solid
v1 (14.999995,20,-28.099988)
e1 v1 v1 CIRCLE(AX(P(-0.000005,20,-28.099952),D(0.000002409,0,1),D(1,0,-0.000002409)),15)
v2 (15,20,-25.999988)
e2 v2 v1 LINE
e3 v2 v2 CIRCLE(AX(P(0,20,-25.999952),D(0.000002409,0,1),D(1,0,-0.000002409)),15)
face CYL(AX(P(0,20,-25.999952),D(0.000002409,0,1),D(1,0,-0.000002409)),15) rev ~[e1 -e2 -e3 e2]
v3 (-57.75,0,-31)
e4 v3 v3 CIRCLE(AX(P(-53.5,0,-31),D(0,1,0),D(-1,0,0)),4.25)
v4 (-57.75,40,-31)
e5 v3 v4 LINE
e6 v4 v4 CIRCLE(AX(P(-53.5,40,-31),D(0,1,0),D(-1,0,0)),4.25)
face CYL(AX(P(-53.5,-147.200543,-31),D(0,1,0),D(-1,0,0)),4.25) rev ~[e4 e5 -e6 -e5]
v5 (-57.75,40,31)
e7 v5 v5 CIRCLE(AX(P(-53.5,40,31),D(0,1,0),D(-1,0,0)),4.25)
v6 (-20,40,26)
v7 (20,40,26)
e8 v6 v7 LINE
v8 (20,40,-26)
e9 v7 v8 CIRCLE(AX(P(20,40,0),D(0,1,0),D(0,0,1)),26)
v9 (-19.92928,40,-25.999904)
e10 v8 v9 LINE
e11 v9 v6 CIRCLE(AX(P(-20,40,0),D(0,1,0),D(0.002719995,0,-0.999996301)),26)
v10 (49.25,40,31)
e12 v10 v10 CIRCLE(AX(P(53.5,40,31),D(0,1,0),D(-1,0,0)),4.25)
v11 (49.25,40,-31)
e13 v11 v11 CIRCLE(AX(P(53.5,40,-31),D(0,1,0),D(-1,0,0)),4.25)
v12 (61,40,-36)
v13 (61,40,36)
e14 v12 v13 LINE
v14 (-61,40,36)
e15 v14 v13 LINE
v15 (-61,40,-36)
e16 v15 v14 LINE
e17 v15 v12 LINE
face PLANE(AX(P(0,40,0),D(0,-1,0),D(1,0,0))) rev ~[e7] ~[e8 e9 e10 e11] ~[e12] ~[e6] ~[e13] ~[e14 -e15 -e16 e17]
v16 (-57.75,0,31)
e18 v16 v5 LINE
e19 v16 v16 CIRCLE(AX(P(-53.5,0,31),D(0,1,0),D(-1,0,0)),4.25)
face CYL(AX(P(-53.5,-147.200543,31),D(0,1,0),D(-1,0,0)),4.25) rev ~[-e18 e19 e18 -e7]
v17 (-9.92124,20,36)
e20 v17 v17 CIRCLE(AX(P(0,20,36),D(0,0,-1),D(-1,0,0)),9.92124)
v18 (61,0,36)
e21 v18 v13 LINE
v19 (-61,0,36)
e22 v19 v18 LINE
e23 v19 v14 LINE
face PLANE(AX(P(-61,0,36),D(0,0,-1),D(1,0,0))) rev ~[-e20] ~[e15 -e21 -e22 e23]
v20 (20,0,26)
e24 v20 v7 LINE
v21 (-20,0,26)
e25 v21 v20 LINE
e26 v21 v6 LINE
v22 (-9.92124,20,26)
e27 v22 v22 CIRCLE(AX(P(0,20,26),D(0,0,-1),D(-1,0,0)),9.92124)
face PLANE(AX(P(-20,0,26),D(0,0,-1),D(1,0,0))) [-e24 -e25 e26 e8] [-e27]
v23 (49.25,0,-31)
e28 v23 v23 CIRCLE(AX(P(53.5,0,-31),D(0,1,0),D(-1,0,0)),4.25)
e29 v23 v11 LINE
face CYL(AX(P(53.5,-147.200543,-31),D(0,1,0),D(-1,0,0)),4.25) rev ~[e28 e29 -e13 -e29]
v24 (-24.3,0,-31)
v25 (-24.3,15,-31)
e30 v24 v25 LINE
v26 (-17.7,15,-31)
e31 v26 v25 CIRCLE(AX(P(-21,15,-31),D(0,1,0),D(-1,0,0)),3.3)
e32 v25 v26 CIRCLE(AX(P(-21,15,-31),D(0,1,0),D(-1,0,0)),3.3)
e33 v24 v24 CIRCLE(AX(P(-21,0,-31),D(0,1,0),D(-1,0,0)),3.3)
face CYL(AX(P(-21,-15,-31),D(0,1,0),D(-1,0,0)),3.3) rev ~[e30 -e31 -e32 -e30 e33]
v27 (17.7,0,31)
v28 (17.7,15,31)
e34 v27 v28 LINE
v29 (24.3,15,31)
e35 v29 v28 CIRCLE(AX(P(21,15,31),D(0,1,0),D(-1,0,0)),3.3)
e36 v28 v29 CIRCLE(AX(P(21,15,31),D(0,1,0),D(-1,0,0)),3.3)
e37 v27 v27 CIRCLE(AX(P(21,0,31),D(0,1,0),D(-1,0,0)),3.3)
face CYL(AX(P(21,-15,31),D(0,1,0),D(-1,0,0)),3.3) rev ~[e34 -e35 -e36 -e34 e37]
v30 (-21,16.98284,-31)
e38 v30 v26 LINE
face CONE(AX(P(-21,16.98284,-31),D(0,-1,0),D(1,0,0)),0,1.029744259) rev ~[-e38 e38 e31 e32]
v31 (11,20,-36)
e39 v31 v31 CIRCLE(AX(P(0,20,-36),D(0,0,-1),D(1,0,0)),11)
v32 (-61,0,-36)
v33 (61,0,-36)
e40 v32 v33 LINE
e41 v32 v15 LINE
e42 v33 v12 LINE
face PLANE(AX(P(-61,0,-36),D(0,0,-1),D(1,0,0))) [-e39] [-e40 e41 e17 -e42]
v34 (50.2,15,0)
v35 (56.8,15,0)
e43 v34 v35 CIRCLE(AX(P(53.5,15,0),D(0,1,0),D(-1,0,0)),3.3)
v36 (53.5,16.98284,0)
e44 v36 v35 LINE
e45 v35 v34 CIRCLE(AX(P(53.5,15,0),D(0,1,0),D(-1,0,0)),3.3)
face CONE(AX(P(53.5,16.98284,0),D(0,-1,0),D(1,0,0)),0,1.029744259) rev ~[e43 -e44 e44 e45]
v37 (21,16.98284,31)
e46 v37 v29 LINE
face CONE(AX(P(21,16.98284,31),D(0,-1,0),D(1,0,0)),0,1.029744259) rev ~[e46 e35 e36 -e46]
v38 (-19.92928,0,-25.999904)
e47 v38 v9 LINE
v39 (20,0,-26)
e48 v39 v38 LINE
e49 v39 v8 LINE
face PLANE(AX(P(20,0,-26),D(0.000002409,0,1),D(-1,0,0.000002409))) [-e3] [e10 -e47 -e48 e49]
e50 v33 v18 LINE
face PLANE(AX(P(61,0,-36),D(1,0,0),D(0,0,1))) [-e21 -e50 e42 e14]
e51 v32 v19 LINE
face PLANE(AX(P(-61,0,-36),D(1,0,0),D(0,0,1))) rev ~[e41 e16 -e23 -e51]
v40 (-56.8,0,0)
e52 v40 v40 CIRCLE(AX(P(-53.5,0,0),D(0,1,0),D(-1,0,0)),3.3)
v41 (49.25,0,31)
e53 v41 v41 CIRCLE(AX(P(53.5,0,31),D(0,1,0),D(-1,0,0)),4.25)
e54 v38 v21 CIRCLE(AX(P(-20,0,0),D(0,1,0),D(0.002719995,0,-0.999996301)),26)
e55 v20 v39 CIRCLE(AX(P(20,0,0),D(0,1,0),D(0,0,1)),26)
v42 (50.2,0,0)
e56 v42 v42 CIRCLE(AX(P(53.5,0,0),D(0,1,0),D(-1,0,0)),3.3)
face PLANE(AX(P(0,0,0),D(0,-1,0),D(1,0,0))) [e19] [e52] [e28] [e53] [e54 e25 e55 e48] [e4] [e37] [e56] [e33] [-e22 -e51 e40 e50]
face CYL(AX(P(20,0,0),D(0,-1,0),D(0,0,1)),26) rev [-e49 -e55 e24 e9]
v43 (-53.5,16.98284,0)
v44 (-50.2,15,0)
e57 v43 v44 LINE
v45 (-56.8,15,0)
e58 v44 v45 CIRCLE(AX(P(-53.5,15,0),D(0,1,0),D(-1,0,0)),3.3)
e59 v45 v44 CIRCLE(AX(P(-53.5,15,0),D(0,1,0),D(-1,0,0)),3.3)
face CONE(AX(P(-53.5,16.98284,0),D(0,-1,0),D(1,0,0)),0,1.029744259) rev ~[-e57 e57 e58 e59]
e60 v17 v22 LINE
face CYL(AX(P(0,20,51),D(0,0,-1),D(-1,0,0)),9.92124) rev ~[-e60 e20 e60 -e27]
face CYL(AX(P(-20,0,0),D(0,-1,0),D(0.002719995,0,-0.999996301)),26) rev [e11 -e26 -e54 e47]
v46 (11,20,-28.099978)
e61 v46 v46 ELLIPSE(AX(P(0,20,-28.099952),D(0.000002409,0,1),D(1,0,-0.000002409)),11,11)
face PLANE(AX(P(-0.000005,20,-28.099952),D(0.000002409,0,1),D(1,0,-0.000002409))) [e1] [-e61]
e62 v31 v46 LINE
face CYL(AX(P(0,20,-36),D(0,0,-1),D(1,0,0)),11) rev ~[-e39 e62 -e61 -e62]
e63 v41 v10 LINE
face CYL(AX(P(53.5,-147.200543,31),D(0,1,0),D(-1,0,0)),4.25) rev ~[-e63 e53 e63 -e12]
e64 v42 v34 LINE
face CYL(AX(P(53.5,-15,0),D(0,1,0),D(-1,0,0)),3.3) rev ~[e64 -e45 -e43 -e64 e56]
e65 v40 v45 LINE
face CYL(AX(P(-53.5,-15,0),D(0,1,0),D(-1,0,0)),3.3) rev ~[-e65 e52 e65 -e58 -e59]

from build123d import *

# Parameters (mm, degrees)
F0_W     = 122
F0_H     = 72
F1_DEPTH = 40
F2_D     = 6.6
F2_DEPTH = 15
F2_TIP   = 1.9828400428
F3_D     = 8.5
F5_D     = 19.84248
F5_DEPTH = 15
F5_TIP   = 5.9612824079
F6_R     = 11
F7_DEPTH = 25
F8_R     = 15
F9_DEPTH = 2.1


with BuildPart() as f1:
    # F0 (on Front) → F1 (new body)
    with BuildSketch(Plane.XZ):
        Rectangle(F0_W, F0_H)
        with BuildLine():
            ThreePointArc((-19.9292801285, -25.999903821), (-45.9999759552, -0.0353599684), (-20, 26))
            Line((-20, 26), (20, 26))
            ThreePointArc((20, 26), (46, 0), (20, -26))
            Line((20, -26), (-19.9292801285, -25.999903821))
        make_face(mode=Mode.SUBTRACT)
    extrude(amount=-F1_DEPTH)

    # F2
    with Locations(Plane.XZ):
        with Locations((21, 31), (53.5, 0), (-21, -31), (-53.5, 0)):
            Hole(F2_D / 2, depth=F2_DEPTH)
            with Locations((0, 0, -(F2_DEPTH + F2_TIP / 2))):  # 118° drill point
                Cone(0, F2_D / 2, F2_TIP, mode=Mode.SUBTRACT)

    # F3 (through all)
    with Locations(Plane.XZ):
        with Locations((-53.5, 31), (-53.5, -31), (53.5, 31), (53.5, -31)):
            Hole(F3_D / 2)

    # F5
    with Locations(Plane.XY.offset(36)):
        with Locations((0, 20)):
            Hole(F5_D / 2, depth=F5_DEPTH)
            with Locations((0, 0, -(F5_DEPTH + F5_TIP / 2))):  # 118° drill point
                Cone(0, F5_D / 2, F5_TIP, mode=Mode.SUBTRACT)

    # F6 (on face) → F7 (cut)
    with BuildSketch(Plane(origin=(0, 0, -36), x_dir=(1, 0, 0), z_dir=(0, 0, -1))):
        with Locations((0, -20)):
            Circle(F6_R)
    extrude(amount=-F7_DEPTH, mode=Mode.SUBTRACT)

    # F8 (on face) → F9 (cut)
    with BuildSketch(Plane(origin=(-6.2627e-05, 0, -25.9999518252), x_dir=(1, 0, -2.4087e-06), z_dir=(2.4087e-06, 0, 1))):
        with Locations((6.2627e-05, 20)):
            Circle(F8_R)
    extrude(amount=-F9_DEPTH, mode=Mode.SUBTRACT)


solid = f1.part
